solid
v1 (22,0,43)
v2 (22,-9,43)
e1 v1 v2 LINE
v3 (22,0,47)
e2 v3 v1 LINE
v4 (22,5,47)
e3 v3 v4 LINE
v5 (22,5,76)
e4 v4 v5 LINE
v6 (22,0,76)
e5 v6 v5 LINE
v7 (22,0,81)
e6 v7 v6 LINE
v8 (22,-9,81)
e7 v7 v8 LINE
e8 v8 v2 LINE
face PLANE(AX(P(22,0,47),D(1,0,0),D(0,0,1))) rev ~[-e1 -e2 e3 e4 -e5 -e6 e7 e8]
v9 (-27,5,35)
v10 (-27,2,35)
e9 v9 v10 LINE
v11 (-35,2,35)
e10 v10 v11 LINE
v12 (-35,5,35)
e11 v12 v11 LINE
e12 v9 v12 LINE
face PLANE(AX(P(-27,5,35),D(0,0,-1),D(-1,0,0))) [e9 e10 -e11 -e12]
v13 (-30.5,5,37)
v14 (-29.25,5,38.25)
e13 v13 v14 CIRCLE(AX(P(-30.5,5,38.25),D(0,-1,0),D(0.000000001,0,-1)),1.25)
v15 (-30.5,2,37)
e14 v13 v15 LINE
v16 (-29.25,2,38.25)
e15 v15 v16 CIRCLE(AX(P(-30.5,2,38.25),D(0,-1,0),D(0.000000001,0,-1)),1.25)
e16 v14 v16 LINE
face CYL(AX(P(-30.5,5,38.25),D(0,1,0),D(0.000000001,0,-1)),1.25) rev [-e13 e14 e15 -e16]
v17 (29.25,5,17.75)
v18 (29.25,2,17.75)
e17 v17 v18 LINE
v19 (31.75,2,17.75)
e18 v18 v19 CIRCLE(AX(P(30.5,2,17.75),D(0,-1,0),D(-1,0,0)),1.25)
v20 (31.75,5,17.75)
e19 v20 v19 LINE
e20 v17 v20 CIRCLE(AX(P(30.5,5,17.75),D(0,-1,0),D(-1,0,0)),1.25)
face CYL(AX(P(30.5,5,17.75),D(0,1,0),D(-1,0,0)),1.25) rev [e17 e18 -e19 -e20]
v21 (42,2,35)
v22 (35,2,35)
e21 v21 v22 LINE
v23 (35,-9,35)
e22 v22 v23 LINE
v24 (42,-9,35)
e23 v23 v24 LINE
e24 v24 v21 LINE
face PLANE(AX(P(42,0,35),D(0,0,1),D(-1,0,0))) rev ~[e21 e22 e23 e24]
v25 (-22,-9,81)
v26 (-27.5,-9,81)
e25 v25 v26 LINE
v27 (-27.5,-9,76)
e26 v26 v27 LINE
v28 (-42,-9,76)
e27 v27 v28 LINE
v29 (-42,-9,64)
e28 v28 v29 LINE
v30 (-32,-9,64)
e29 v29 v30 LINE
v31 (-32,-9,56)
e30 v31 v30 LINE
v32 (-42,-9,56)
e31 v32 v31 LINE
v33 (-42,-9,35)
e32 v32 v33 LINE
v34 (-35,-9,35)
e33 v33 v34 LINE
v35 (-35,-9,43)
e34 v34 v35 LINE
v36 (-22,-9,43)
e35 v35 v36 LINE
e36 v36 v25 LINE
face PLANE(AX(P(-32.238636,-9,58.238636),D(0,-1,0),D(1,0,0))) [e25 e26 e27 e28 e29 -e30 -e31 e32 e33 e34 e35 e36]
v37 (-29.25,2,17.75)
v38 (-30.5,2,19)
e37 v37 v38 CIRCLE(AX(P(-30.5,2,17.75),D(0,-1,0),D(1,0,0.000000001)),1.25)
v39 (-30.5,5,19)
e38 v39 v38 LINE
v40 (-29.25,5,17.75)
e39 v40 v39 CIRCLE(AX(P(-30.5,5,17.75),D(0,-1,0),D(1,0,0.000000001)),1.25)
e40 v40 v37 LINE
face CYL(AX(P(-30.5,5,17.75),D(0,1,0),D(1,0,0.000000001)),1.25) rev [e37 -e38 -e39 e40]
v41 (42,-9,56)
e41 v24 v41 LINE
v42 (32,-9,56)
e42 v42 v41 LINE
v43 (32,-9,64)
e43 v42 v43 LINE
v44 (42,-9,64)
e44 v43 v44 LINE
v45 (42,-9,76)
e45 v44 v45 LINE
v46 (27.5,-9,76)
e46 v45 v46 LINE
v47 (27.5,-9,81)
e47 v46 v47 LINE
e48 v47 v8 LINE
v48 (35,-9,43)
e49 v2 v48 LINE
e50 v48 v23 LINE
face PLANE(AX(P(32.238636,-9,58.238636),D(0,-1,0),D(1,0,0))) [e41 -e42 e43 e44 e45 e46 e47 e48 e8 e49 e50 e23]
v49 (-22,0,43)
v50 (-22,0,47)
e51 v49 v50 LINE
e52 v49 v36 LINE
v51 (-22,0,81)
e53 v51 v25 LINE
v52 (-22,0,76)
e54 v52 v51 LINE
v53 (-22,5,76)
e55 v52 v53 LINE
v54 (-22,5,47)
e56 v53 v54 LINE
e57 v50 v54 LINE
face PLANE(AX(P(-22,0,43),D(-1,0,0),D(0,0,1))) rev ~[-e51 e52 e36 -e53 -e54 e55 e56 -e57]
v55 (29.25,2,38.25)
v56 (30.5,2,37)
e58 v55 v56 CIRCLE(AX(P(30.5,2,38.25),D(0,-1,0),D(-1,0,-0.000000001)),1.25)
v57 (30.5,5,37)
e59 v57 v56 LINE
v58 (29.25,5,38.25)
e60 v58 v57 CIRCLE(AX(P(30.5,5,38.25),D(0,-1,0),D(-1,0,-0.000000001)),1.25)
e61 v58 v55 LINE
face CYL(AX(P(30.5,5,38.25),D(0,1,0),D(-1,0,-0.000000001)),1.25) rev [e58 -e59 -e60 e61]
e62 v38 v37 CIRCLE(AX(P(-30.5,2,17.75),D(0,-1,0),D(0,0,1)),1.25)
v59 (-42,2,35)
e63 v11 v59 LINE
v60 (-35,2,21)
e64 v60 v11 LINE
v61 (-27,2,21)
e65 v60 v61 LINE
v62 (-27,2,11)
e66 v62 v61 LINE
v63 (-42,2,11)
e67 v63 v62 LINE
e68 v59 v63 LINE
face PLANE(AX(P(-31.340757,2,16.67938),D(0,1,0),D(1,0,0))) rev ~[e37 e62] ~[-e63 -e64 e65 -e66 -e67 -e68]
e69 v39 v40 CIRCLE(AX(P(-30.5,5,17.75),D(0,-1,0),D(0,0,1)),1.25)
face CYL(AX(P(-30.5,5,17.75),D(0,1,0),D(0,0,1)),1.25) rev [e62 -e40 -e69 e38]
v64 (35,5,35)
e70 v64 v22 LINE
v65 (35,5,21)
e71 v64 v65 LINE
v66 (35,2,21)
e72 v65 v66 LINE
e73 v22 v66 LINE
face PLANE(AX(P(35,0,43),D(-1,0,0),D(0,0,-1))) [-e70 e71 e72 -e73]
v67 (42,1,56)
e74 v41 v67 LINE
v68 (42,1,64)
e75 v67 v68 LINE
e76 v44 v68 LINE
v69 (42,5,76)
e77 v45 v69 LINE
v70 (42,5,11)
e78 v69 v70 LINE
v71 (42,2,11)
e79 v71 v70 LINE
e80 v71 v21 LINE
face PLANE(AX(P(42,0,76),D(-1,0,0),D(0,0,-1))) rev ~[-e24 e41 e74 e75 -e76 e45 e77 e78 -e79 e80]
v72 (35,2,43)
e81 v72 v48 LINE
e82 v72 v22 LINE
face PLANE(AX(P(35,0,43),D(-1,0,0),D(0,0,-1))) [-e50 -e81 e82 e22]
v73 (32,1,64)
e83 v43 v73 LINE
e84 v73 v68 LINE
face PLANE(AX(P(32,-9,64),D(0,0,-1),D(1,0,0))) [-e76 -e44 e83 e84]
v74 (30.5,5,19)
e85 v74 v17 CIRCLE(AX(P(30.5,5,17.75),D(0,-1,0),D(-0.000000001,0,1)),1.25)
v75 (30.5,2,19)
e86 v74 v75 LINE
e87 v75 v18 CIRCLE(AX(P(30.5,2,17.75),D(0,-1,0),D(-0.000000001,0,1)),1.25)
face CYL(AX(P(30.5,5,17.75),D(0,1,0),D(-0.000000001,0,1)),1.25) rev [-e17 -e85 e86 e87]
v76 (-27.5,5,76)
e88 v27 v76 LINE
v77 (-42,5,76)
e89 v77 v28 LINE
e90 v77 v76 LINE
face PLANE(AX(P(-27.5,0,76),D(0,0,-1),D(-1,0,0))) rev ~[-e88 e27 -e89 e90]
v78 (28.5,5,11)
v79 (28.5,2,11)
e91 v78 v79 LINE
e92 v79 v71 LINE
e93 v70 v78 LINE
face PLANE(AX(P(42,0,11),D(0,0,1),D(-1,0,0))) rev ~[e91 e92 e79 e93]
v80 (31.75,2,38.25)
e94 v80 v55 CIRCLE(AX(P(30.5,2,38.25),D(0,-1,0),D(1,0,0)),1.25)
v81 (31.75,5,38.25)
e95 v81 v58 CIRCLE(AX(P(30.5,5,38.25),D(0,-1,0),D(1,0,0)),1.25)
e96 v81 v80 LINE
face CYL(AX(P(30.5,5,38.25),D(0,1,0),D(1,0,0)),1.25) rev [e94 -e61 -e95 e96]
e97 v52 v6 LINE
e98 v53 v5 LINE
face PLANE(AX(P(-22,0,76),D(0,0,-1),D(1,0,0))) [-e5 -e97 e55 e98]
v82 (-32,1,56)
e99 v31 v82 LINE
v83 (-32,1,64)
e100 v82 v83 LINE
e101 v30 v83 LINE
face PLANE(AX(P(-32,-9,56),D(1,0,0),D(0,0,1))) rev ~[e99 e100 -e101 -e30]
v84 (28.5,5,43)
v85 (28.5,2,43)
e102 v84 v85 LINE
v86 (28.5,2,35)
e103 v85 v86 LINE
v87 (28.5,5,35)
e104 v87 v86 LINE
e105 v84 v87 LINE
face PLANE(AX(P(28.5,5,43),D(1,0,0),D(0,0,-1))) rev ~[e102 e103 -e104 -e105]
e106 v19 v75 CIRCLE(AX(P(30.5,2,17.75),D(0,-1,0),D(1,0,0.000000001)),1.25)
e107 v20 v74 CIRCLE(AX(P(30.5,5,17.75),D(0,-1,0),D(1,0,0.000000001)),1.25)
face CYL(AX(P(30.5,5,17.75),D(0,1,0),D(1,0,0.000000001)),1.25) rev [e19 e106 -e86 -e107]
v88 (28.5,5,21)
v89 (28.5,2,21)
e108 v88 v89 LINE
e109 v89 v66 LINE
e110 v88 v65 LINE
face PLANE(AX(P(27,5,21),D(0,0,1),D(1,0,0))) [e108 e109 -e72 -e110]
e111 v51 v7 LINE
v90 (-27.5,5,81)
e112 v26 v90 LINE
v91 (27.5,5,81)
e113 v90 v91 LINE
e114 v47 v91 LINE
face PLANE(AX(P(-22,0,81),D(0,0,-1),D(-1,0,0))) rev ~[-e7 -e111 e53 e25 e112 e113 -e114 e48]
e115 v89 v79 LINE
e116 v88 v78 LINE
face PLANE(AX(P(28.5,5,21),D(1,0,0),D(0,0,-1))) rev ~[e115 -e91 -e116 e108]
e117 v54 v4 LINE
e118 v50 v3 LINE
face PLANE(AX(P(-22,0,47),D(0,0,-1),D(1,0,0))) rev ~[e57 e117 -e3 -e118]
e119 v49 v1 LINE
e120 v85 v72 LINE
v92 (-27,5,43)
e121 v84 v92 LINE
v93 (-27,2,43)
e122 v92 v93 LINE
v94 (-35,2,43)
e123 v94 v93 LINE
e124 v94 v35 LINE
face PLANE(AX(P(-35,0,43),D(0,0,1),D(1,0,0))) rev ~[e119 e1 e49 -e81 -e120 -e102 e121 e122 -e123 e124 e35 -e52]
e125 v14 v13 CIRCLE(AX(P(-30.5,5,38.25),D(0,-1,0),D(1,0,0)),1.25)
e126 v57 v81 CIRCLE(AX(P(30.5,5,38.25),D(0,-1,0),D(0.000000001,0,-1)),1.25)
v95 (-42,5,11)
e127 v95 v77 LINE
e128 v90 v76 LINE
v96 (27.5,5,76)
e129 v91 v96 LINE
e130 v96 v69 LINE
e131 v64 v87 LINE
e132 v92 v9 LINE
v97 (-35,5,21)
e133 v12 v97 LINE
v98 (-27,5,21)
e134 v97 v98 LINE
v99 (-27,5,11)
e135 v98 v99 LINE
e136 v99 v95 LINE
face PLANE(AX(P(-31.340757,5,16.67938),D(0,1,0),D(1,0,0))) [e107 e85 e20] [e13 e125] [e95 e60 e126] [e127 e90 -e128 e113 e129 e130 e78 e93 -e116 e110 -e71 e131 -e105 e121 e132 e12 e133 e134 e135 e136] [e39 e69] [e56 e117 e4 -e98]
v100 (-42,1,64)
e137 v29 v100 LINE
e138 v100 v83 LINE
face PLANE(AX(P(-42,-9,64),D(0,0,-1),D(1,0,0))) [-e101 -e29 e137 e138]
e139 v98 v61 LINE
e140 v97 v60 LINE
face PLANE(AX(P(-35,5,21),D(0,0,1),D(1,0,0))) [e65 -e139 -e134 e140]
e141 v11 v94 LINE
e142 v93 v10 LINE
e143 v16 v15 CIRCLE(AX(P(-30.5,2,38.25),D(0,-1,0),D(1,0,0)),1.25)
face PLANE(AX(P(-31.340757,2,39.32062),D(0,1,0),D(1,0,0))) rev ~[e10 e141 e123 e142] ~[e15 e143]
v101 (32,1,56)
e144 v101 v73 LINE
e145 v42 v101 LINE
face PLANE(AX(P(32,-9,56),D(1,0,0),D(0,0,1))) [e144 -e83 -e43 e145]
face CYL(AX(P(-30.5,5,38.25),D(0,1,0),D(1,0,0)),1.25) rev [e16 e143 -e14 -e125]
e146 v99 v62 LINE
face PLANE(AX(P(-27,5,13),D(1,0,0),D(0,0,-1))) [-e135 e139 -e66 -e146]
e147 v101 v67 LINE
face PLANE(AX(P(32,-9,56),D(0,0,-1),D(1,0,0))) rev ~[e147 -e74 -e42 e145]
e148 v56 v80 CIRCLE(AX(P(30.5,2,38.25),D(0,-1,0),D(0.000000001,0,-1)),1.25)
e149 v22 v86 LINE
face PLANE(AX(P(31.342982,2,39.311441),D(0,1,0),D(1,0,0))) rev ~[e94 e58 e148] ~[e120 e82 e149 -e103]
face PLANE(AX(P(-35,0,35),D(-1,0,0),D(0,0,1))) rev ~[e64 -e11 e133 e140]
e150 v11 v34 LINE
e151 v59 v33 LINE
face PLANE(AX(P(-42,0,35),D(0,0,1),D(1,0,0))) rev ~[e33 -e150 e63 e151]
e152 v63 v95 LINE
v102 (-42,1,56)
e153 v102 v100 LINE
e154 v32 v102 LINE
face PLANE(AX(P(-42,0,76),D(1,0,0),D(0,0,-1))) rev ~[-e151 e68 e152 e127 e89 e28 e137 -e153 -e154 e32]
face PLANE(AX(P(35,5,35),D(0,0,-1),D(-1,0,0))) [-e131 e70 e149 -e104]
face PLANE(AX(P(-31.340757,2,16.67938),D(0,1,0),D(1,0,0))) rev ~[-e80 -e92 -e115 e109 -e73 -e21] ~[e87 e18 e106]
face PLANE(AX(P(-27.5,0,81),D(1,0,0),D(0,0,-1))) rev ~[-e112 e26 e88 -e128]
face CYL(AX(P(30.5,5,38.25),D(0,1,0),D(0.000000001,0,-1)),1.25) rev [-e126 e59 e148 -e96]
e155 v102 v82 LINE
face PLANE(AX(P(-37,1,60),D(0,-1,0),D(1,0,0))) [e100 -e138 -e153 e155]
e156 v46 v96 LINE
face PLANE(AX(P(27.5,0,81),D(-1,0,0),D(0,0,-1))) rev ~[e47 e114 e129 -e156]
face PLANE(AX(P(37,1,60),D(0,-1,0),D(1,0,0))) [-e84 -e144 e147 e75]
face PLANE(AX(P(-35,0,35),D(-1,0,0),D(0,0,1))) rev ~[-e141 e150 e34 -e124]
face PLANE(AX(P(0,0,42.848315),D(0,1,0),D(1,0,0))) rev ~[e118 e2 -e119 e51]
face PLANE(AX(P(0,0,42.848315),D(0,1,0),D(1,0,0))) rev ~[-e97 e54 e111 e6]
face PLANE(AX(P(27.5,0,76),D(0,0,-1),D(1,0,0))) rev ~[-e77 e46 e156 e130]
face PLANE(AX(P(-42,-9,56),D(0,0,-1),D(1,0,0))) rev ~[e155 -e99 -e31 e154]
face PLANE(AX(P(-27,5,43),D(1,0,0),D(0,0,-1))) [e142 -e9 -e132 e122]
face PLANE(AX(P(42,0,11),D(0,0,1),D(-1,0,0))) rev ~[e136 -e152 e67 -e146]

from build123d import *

# Parameters (mm, degrees)
SKETCH1_W           = 70
SKETCH1_H           = 30
SKETCH1_W_2         = 55
SKETCH1_H_2         = 5
BOSS_EXTRUDE1_DEPTH = 5
BOSS_EXTRUDE2_DEPTH = 9
CUT_EXTRUDE1_DEPTH  = 2
BOSS_EXTRUDE3_DEPTH = 3
SKETCH7_W           = 54
SKETCH7_H           = 2
SKETCH7_W_2         = 1.5
SKETCH7_H_2         = 8
CUT_EXTRUDE4_DEPTH  = 10
SKETCH8_W           = 10
SKETCH8_H           = 8
CUT_EXTRUDE5_DEPTH  = 10


with BuildPart() as part:
    # Sketch1 → Boss-Extrude1 (new body)
    with BuildSketch(Plane(origin=(0, 0, 0), x_dir=(1, 0, 0), z_dir=(0, 1, 0))):
        Polygon((-5.25, -11), (-29.5, -11), (-42, -11), (-42, -76), (-27.5, -76), (-22, -76), (-22, -47), (22, -47), (22, -76), (27.5, -76), (42, -76), (42, -11), (29.5, -11), (5.25, -11), align=None)
        with Locations((0, -28)):
            Rectangle(SKETCH1_W, SKETCH1_H, mode=Mode.SUBTRACT)
        Polygon((-5.25, -11), (-29.5, -11), (-42, -11), (-42, -76), (-27.5, -76), (-22, -76), (-22, -47), (22, -47), (22, -76), (27.5, -76), (42, -76), (42, -11), (29.5, -11), (5.25, -11), align=None)
        with Locations((0, -28)):
            Rectangle(SKETCH1_W, SKETCH1_H, mode=Mode.SUBTRACT)
        Polygon((-5.25, -11), (-29.5, -11), (-42, -11), (-42, -76), (-27.5, -76), (-22, -76), (-22, -47), (22, -47), (22, -76), (27.5, -76), (42, -76), (42, -11), (29.5, -11), (5.25, -11), align=None)
        with Locations((0, -28)):
            Rectangle(SKETCH1_W, SKETCH1_H, mode=Mode.SUBTRACT)
        with Locations((0, -78.5)):
            Rectangle(SKETCH1_W_2, SKETCH1_H_2)
    extrude(amount=BOSS_EXTRUDE1_DEPTH)

    # Sketch2 → Boss-Extrude2 (add)
    with BuildSketch(Plane.XZ):
        Polygon((-27.5, 76), (-42, 76), (-42, 35), (-35, 35), (-35, 43), (-22, 43), (-22, 81), (-27.5, 81), align=None)
        Polygon((22, 81), (22, 43), (35, 43), (35, 35), (42, 35), (42, 76), (27.5, 76), (27.5, 81), align=None)
    extrude(amount=BOSS_EXTRUDE2_DEPTH)

    # Sketch3 → Cut-Extrude1 (cut)
    with BuildSketch(Plane.XZ):
        Polygon((-42, 35), (-42, 11), (42, 11), (42, 35), (35, 35), (35, 13), (-35, 13), (-35, 35), align=None)
    extrude(amount=-CUT_EXTRUDE1_DEPTH, mode=Mode.SUBTRACT)

    # Sketch6 → Boss-Extrude3 (add)
    with BuildSketch(Plane(origin=(0, 5, 0), x_dir=(1, 0, 0), z_dir=(0, 1, 0))):
        with BuildLine():
            ThreePointArc((-30.5, -19), (-31.383883476, -16.866116524), (-29.25, -17.75))
            Line((-29.25, -17.75), (-27, -17.75))
            Line((-27, -17.75), (-27, -13))
            Line((-27, -13), (-35, -13))
            Line((-35, -13), (-35, -21))
            Line((-35, -21), (-30.5, -21))
            Line((-30.5, -21), (-30.5, -19))
        make_face()
        with BuildLine():
            Line((-27, -17.75), (-29.25, -17.75))
            ThreePointArc((-29.25, -17.75), (-29.616116524, -18.633883476), (-30.5, -19))
            Line((-30.5, -19), (-30.5, -21))
            Line((-30.5, -21), (-27, -21))
            Line((-27, -21), (-27, -17.75))
        make_face()
        with BuildLine():
            Line((-30.5, -37), (-30.5, -35))
            Line((-30.5, -35), (-35, -35))
            Line((-35, -35), (-35, -43))
            Line((-35, -43), (-27, -43))
            Line((-27, -43), (-27, -38.25))
            Line((-27, -38.25), (-29.25, -38.25))
            ThreePointArc((-29.25, -38.25), (-31.383883476, -39.133883476), (-30.5, -37))
        make_face()
        with BuildLine():
            Line((-27, -35), (-30.5, -35))
            Line((-30.5, -35), (-30.5, -37))
            ThreePointArc((-30.5, -37), (-29.616116524, -37.366116524), (-29.25, -38.25))
            Line((-29.25, -38.25), (-27, -38.25))
            Line((-27, -38.25), (-27, -35))
        make_face()
        with BuildLine():
            Line((35, -35), (30.5, -35))
            Line((30.5, -35), (30.5, -37))
            ThreePointArc((30.5, -37), (31.383883476, -37.366116524), (31.75, -38.25))
            ThreePointArc((31.75, -38.25), (30.5, -39.5), (29.25, -38.25))
            Line((29.25, -38.25), (27, -38.25))
            Line((27, -38.25), (27, -43))
            Line((27, -43), (35, -43))
            Line((35, -43), (35, -35))
        make_face()
        with BuildLine():
            Line((30.5, -37), (30.5, -35))
            Line((30.5, -35), (27, -35))
            Line((27, -35), (27, -38.25))
            Line((27, -38.25), (29.25, -38.25))
            ThreePointArc((29.25, -38.25), (29.616116524, -37.366116524), (30.5, -37))
        make_face()
        with BuildLine():
            Line((27, -13), (27, -17.75))
            Line((27, -17.75), (29.25, -17.75))
            ThreePointArc((29.25, -17.75), (30.5, -16.5), (31.75, -17.75))
            ThreePointArc((31.75, -17.75), (31.383883476, -18.633883476), (30.5, -19))
            Line((30.5, -19), (30.5, -21))
            Line((30.5, -21), (35, -21))
            Line((35, -21), (35, -13))
            Line((35, -13), (27, -13))
        make_face()
        with BuildLine():
            Line((29.25, -17.75), (27, -17.75))
            Line((27, -17.75), (27, -21))
            Line((27, -21), (30.5, -21))
            Line((30.5, -21), (30.5, -19))
            ThreePointArc((30.5, -19), (29.616116524, -18.633883476), (29.25, -17.75))
        make_face()
    extrude(amount=-BOSS_EXTRUDE3_DEPTH)

    # Sketch7 → Cut-Extrude4 (cut)
    with BuildSketch(Plane(origin=(0, 5, 0), x_dir=(1, 0, 0), z_dir=(0, 1, 0))):
        Polygon((27, -11), (27, -13), (27, -21), (28.5, -21), (28.5, -11), align=None)
        with Locations((0, -12)):
            Rectangle(SKETCH7_W, SKETCH7_H)
        with Locations((27.75, -39)):
            Rectangle(SKETCH7_W_2, SKETCH7_H_2)
    extrude(amount=-CUT_EXTRUDE4_DEPTH, mode=Mode.SUBTRACT)

    # Sketch8 → Cut-Extrude5 (cut)
    with BuildSketch(Plane.XZ.offset(9)):
        with Locations((-37, 60)):
            Rectangle(SKETCH8_W, SKETCH8_H)
        with Locations((37, 60)):
            Rectangle(SKETCH8_W, SKETCH8_H)
    extrude(amount=-CUT_EXTRUDE5_DEPTH, mode=Mode.SUBTRACT)


solid = part.part
